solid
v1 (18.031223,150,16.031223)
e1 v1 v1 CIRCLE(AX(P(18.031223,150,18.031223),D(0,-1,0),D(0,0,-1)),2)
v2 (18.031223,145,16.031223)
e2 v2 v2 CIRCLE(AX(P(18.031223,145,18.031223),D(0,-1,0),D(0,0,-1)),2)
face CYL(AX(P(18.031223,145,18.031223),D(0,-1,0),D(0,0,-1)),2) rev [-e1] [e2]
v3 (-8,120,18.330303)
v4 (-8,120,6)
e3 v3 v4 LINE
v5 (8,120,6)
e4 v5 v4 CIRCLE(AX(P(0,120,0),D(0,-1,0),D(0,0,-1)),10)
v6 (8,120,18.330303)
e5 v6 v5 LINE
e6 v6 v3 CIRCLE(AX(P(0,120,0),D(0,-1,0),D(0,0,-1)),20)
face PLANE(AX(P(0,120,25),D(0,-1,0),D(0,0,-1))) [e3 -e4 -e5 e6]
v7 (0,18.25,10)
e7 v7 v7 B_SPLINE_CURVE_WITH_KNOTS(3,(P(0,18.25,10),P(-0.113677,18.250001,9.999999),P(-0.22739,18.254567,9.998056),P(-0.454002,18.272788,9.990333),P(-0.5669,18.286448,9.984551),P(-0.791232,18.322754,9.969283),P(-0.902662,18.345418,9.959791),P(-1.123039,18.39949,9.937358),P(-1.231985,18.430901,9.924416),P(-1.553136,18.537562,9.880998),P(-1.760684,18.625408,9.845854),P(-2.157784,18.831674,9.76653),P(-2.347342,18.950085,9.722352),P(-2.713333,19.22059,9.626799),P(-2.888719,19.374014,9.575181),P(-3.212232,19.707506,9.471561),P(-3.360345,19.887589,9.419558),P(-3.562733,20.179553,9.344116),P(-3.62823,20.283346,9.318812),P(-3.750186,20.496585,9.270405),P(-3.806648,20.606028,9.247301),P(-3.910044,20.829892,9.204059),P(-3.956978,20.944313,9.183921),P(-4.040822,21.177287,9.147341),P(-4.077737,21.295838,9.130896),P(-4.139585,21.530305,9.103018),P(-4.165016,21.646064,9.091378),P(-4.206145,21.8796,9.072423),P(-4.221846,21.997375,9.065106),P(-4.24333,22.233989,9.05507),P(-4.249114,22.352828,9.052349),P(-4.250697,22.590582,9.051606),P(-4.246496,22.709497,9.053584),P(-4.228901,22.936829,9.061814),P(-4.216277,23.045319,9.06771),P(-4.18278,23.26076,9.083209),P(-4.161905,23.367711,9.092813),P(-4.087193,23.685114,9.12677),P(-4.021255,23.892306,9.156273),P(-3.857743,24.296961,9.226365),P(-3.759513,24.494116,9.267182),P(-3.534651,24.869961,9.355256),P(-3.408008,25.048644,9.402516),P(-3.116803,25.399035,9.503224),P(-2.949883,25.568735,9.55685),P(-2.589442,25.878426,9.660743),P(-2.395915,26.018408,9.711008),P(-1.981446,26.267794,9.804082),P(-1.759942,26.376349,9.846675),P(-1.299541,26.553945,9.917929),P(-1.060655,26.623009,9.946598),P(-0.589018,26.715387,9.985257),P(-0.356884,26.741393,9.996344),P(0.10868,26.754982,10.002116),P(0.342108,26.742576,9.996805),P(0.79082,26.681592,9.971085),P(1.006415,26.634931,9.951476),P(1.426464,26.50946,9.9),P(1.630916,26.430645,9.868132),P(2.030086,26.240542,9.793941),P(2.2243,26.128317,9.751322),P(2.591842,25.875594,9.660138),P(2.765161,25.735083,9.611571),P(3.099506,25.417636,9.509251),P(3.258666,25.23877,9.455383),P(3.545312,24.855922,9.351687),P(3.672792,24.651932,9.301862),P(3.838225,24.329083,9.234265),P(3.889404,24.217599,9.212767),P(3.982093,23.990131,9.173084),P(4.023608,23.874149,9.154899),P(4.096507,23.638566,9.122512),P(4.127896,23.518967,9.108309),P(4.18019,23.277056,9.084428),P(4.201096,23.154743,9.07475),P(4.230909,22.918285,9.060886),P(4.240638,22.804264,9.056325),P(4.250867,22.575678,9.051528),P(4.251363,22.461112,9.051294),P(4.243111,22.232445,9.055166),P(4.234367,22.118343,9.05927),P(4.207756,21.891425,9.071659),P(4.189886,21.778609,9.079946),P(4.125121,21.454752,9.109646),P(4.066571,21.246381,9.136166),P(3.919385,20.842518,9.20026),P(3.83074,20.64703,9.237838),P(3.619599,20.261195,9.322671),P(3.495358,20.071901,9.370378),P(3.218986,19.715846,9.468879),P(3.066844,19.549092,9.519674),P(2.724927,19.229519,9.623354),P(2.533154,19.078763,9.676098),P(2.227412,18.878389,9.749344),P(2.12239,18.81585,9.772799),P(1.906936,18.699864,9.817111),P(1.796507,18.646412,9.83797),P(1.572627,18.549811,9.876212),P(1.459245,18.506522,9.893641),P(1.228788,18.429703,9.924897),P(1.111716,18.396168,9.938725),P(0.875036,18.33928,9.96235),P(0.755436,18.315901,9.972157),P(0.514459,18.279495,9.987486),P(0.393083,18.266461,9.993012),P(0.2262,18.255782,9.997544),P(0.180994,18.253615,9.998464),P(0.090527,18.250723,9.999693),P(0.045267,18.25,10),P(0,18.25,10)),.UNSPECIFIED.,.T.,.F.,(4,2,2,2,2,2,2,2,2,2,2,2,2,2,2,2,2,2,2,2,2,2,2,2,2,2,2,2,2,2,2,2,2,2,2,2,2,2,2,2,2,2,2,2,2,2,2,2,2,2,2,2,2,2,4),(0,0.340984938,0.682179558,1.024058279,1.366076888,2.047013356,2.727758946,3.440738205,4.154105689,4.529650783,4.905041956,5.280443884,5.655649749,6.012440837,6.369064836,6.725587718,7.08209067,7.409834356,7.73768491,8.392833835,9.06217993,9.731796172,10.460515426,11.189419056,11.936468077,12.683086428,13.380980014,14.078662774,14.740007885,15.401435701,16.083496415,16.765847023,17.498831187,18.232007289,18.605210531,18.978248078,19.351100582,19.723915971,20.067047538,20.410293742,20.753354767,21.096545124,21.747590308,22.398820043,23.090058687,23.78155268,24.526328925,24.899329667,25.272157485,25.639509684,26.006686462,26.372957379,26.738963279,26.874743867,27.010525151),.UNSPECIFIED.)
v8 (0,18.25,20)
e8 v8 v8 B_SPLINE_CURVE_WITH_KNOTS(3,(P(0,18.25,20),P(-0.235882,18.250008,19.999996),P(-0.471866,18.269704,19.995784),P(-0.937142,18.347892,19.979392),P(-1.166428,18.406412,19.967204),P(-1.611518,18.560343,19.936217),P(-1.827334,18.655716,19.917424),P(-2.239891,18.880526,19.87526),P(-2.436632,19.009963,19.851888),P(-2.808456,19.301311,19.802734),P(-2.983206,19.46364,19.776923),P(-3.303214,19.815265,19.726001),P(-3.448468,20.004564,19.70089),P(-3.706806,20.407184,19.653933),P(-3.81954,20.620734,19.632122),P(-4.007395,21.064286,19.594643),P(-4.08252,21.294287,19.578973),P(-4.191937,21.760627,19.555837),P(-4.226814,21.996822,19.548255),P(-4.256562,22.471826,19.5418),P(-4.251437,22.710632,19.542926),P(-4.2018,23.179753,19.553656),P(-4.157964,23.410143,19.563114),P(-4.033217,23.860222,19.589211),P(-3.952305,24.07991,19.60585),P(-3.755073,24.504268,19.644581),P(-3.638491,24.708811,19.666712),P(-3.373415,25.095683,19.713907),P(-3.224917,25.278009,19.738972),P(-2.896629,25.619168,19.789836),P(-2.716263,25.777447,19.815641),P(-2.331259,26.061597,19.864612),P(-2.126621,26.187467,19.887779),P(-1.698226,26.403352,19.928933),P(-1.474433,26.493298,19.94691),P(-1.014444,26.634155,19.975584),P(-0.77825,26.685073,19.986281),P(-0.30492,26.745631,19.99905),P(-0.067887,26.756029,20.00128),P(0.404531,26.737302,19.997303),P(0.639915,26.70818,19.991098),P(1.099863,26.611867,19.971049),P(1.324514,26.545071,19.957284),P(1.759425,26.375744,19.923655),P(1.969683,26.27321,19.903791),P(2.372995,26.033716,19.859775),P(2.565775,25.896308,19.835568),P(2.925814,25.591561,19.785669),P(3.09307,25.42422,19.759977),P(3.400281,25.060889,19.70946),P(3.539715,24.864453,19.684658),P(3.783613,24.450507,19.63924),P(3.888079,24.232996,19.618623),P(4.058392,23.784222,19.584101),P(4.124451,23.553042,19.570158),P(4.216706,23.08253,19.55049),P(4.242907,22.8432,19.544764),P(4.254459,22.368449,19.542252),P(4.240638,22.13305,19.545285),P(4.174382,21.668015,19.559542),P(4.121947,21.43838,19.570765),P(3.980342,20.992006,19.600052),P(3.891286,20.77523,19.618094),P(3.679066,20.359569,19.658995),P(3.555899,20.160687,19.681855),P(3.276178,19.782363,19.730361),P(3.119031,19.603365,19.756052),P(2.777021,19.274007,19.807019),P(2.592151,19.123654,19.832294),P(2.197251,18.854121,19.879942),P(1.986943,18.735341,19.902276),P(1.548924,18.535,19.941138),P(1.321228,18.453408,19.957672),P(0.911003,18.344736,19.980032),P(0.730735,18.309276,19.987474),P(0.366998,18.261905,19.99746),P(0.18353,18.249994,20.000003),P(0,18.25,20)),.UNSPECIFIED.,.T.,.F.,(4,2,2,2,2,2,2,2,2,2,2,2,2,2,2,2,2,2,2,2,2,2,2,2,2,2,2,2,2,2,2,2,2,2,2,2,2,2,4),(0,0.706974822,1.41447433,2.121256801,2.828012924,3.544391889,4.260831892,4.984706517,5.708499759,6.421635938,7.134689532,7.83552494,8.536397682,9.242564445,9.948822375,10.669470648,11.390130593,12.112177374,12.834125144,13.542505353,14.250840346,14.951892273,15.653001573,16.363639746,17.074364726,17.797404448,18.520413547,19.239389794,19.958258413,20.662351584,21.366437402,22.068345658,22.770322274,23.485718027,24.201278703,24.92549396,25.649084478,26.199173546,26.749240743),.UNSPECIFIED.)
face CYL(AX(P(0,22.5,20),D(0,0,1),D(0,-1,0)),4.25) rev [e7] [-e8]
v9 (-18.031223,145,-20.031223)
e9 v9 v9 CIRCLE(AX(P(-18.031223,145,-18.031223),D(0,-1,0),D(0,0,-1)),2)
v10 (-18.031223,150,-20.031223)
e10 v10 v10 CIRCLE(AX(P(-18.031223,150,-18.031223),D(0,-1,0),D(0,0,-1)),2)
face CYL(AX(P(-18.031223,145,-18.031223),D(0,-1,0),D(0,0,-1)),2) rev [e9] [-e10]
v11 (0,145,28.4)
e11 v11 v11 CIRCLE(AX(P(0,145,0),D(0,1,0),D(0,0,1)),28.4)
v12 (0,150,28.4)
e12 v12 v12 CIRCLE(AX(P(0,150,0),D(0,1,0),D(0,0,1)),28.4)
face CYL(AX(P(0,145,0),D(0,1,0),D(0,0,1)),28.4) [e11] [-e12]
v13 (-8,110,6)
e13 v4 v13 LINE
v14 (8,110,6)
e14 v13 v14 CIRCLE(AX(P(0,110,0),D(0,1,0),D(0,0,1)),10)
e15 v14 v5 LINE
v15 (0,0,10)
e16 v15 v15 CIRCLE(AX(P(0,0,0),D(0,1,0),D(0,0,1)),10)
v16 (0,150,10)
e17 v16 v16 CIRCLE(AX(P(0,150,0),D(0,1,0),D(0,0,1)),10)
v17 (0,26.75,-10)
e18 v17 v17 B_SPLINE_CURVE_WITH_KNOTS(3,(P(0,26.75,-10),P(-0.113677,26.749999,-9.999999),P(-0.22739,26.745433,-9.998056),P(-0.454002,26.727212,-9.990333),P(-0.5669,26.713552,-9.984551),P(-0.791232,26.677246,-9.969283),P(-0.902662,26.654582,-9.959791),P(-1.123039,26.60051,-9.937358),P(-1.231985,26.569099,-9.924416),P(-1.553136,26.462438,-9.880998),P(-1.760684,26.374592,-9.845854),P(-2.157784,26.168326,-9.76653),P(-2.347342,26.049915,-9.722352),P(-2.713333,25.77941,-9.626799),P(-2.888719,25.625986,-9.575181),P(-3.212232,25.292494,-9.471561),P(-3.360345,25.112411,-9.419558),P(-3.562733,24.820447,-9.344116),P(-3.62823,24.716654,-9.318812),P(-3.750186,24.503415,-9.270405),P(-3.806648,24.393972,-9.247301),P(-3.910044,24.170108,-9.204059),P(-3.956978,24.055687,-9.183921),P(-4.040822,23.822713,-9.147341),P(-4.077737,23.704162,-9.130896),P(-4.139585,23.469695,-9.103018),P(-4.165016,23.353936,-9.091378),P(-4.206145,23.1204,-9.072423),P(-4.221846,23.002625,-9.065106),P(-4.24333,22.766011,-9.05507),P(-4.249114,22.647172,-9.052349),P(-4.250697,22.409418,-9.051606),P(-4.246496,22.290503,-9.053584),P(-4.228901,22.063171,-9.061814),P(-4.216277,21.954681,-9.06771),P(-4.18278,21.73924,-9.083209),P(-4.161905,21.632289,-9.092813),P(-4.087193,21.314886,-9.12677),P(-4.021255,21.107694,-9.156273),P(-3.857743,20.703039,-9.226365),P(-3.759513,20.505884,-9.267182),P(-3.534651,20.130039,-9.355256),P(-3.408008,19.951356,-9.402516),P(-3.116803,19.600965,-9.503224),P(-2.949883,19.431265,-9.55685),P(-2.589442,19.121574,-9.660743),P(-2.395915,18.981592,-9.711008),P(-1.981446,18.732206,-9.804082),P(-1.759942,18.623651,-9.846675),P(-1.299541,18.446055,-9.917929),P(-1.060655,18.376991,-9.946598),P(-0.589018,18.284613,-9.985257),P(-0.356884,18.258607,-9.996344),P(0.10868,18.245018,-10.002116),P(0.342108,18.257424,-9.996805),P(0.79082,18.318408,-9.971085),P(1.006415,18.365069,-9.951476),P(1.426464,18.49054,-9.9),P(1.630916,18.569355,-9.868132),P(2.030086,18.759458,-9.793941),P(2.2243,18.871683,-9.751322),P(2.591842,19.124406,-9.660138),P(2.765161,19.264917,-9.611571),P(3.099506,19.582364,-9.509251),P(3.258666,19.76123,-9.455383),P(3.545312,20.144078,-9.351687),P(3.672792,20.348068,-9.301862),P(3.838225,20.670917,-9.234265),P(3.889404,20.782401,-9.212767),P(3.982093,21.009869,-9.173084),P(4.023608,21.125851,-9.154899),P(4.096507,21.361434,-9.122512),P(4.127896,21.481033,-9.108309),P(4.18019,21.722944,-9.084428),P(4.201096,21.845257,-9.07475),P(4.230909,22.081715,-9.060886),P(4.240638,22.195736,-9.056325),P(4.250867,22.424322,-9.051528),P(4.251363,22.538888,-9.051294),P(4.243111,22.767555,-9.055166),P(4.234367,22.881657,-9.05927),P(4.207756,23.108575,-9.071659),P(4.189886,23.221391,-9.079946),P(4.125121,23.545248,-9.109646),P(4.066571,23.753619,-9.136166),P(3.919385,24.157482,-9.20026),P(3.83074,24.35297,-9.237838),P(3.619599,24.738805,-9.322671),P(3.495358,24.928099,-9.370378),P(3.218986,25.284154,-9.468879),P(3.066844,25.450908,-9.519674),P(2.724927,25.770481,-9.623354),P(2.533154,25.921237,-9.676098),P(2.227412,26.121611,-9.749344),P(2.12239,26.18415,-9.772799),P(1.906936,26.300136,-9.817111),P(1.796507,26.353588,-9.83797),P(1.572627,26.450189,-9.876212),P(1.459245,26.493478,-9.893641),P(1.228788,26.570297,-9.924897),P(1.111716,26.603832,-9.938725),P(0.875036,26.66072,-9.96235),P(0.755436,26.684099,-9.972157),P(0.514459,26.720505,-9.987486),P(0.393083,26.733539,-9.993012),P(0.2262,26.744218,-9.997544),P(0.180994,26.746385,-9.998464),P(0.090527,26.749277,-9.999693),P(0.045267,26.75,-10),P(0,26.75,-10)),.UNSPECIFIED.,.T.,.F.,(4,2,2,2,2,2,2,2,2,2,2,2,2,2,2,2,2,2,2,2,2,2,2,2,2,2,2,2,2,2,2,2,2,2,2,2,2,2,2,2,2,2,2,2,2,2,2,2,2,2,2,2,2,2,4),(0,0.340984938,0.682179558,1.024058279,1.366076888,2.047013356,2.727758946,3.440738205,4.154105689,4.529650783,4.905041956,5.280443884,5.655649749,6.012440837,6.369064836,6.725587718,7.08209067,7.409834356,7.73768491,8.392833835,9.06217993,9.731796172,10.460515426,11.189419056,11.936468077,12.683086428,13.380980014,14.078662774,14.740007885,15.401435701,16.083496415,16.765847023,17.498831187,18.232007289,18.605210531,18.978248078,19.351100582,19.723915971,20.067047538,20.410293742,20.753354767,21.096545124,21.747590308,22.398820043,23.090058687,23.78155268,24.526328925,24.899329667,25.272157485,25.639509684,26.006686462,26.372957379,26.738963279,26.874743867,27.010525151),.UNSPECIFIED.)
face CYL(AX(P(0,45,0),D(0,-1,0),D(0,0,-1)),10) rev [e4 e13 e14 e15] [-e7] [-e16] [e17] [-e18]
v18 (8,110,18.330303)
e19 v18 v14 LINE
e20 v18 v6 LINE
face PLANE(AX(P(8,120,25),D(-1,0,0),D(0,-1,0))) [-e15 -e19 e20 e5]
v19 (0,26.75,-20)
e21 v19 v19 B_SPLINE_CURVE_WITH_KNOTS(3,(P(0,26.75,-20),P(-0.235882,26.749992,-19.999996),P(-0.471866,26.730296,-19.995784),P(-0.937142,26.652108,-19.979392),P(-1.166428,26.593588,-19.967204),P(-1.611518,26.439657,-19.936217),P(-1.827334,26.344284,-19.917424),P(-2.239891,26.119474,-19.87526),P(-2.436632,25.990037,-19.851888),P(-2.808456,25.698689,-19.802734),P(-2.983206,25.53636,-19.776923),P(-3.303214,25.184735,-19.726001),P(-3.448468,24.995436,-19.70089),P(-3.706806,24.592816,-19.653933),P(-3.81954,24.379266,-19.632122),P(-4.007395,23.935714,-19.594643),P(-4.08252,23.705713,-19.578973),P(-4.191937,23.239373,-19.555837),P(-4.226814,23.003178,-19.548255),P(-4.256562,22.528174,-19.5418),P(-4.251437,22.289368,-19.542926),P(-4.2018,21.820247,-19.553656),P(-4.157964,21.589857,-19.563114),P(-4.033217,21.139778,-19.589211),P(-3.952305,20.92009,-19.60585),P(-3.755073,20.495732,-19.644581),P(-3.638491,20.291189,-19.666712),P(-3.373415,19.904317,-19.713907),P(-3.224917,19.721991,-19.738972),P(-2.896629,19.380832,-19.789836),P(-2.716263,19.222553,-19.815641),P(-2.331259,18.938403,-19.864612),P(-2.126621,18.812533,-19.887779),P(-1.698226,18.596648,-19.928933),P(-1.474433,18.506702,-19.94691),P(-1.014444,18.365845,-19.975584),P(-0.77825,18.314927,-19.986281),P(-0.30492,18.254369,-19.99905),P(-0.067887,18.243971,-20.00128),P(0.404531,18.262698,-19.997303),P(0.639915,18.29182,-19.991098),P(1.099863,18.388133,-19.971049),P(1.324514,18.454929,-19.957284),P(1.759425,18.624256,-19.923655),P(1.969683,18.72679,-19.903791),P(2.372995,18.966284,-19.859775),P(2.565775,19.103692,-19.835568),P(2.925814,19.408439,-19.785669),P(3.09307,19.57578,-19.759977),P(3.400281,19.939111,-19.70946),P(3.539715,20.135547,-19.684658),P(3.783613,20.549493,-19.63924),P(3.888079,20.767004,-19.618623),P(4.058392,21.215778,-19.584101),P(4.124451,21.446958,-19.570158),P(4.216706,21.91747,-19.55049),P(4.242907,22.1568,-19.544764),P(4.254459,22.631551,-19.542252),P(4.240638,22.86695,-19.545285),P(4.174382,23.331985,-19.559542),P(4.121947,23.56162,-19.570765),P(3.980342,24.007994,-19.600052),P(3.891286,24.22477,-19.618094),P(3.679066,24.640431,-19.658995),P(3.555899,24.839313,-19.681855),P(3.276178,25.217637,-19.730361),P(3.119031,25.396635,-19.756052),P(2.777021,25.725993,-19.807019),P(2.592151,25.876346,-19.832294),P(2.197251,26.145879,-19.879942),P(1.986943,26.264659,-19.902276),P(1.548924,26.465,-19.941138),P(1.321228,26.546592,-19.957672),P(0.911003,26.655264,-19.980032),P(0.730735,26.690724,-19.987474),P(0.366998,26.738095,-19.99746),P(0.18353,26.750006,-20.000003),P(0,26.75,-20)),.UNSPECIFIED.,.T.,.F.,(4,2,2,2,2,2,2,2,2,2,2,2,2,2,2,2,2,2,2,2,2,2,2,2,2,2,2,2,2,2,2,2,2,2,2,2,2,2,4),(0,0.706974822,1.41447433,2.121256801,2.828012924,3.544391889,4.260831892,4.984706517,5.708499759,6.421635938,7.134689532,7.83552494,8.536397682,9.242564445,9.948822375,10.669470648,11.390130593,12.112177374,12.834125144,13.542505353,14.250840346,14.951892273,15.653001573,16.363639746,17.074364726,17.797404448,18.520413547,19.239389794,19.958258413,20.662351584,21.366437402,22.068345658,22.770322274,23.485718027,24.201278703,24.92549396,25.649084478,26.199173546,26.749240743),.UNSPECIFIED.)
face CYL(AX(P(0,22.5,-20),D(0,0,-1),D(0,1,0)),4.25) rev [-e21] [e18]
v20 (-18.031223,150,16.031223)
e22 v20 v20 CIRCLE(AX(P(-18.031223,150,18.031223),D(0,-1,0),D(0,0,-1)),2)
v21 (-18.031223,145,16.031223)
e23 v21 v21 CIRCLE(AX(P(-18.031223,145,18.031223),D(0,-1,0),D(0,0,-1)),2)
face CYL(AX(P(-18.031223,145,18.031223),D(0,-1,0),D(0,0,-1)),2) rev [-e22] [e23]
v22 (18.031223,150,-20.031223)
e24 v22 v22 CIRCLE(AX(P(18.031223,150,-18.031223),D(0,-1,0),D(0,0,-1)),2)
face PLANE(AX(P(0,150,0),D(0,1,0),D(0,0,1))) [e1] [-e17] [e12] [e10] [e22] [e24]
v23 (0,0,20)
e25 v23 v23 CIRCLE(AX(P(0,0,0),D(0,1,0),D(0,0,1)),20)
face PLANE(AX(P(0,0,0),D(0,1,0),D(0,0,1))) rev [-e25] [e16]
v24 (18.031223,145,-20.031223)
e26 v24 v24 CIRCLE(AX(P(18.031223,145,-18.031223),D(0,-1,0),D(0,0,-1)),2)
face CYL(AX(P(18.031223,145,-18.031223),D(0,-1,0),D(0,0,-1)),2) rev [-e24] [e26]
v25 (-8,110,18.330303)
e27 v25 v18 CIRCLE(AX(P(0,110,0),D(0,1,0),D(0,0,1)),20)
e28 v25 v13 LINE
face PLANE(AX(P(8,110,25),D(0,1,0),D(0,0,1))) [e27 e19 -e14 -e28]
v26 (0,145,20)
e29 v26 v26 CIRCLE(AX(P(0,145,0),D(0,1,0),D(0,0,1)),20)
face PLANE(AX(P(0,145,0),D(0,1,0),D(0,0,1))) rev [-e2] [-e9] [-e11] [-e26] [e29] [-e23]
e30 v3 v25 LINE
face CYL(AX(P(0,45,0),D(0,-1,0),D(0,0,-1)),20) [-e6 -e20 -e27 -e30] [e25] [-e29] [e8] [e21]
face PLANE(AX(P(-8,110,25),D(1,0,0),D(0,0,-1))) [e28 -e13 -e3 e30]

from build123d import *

# Parameters (mm, degrees)
SKETCH_1_R                        = 20
SKETCH_1_R_2                      = 10
EXTRUDE_1_DEPTH                   = 45
HOLE_WIZARD_M10_1_D               = 8.5
HOLE_WIZARD_M10_1_DEPTH           = 12.5
HOLE_WIZARD_M10_1_TIP             = 2.553657631
HOLE_WIZARD_M10_1_ON_FACE_2_D     = 8.5
HOLE_WIZARD_M10_1_ON_FACE_2_DEPTH = 12.5
HOLE_WIZARD_M10_1_ON_FACE_2_TIP   = 2.553657631
SKETCH_4_R                        = 20
SKETCH_4_R_2                      = 10
EXTRUDE_2_DEPTH                   = 105
EXTRUDE_START                     = -5
SKETCH_5_R                        = 28.4
SKETCH_5_R_2                      = 20
EXTRUDE_3_DEPTH                   = 5
HOLE_WIZARD_4_0_4_1_D             = 4
CUT_EXTRUDE_2_DEPTH               = 25


with BuildPart() as part:
    # 草图1 → 凸台-拉伸1 (new body)
    with BuildSketch(Plane(origin=(0, 0, 0), x_dir=(1, 0, 0), z_dir=(0, 1, 0))):
        Circle(SKETCH_1_R)
        Circle(SKETCH_1_R_2, mode=Mode.SUBTRACT)
    extrude(amount=EXTRUDE_1_DEPTH)

    # M10 螺纹孔1
    with Locations(Plane(origin=(0, 22.5, -20), x_dir=(0, -1, 0), z_dir=(0, 0, -1))):
        with Locations((0, 0)):
            Hole(HOLE_WIZARD_M10_1_D / 2, depth=HOLE_WIZARD_M10_1_DEPTH)
            with Locations((0, 0, -(HOLE_WIZARD_M10_1_DEPTH + HOLE_WIZARD_M10_1_TIP / 2))):  # 118° drill point
                Cone(0, HOLE_WIZARD_M10_1_D / 2, HOLE_WIZARD_M10_1_TIP, mode=Mode.SUBTRACT)

    # M10 螺纹孔1 on face 2
    with Locations(Plane(origin=(0, 22.5, 20), x_dir=(1, 0, 0), z_dir=(0, 0, 1))):
        with Locations((0, 0)):
            Hole(HOLE_WIZARD_M10_1_ON_FACE_2_D / 2, depth=HOLE_WIZARD_M10_1_ON_FACE_2_DEPTH)
            with Locations((0, 0, -(HOLE_WIZARD_M10_1_ON_FACE_2_DEPTH + HOLE_WIZARD_M10_1_ON_FACE_2_TIP / 2))):  # 118° drill point
                Cone(0, HOLE_WIZARD_M10_1_ON_FACE_2_D / 2, HOLE_WIZARD_M10_1_ON_FACE_2_TIP, mode=Mode.SUBTRACT)

    # 草图4 → 凸台-拉伸2 (add)
    with BuildSketch(Plane(origin=(0, 45, 0), x_dir=(1, 0, 0), z_dir=(0, 1, 0))):
        Circle(SKETCH_4_R)
        Circle(SKETCH_4_R_2, mode=Mode.SUBTRACT)
    extrude(amount=EXTRUDE_2_DEPTH)

    # 草图5 → 凸台-拉伸3 (add)
    with BuildSketch(Plane(origin=(0, 150, 0), x_dir=(1, 0, 0), z_dir=(0, 1, 0)).offset(EXTRUDE_START)):
        Circle(SKETCH_5_R)
        Circle(SKETCH_5_R_2, mode=Mode.SUBTRACT)
    extrude(amount=EXTRUDE_3_DEPTH)

    # Ø4.0 (4) 直径孔1 (through all)
    with Locations(Plane.XZ.offset(-145)):
        with Locations((-18.03122292, -18.03122292), (-18.03122292, 18.03122292), (18.03122292, 18.03122292), (18.03122292, -18.03122292)):
            Hole(HOLE_WIZARD_4_0_4_1_D / 2)

    # 草图10 → 切除-拉伸2 (cut)
    with BuildSketch(Plane.XY):
        Polygon((0, 120), (8, 120), (8, 110), (-8, 110), (-8, 120), align=None)
    extrude(amount=CUT_EXTRUDE_2_DEPTH, mode=Mode.SUBTRACT)


solid = part.part
